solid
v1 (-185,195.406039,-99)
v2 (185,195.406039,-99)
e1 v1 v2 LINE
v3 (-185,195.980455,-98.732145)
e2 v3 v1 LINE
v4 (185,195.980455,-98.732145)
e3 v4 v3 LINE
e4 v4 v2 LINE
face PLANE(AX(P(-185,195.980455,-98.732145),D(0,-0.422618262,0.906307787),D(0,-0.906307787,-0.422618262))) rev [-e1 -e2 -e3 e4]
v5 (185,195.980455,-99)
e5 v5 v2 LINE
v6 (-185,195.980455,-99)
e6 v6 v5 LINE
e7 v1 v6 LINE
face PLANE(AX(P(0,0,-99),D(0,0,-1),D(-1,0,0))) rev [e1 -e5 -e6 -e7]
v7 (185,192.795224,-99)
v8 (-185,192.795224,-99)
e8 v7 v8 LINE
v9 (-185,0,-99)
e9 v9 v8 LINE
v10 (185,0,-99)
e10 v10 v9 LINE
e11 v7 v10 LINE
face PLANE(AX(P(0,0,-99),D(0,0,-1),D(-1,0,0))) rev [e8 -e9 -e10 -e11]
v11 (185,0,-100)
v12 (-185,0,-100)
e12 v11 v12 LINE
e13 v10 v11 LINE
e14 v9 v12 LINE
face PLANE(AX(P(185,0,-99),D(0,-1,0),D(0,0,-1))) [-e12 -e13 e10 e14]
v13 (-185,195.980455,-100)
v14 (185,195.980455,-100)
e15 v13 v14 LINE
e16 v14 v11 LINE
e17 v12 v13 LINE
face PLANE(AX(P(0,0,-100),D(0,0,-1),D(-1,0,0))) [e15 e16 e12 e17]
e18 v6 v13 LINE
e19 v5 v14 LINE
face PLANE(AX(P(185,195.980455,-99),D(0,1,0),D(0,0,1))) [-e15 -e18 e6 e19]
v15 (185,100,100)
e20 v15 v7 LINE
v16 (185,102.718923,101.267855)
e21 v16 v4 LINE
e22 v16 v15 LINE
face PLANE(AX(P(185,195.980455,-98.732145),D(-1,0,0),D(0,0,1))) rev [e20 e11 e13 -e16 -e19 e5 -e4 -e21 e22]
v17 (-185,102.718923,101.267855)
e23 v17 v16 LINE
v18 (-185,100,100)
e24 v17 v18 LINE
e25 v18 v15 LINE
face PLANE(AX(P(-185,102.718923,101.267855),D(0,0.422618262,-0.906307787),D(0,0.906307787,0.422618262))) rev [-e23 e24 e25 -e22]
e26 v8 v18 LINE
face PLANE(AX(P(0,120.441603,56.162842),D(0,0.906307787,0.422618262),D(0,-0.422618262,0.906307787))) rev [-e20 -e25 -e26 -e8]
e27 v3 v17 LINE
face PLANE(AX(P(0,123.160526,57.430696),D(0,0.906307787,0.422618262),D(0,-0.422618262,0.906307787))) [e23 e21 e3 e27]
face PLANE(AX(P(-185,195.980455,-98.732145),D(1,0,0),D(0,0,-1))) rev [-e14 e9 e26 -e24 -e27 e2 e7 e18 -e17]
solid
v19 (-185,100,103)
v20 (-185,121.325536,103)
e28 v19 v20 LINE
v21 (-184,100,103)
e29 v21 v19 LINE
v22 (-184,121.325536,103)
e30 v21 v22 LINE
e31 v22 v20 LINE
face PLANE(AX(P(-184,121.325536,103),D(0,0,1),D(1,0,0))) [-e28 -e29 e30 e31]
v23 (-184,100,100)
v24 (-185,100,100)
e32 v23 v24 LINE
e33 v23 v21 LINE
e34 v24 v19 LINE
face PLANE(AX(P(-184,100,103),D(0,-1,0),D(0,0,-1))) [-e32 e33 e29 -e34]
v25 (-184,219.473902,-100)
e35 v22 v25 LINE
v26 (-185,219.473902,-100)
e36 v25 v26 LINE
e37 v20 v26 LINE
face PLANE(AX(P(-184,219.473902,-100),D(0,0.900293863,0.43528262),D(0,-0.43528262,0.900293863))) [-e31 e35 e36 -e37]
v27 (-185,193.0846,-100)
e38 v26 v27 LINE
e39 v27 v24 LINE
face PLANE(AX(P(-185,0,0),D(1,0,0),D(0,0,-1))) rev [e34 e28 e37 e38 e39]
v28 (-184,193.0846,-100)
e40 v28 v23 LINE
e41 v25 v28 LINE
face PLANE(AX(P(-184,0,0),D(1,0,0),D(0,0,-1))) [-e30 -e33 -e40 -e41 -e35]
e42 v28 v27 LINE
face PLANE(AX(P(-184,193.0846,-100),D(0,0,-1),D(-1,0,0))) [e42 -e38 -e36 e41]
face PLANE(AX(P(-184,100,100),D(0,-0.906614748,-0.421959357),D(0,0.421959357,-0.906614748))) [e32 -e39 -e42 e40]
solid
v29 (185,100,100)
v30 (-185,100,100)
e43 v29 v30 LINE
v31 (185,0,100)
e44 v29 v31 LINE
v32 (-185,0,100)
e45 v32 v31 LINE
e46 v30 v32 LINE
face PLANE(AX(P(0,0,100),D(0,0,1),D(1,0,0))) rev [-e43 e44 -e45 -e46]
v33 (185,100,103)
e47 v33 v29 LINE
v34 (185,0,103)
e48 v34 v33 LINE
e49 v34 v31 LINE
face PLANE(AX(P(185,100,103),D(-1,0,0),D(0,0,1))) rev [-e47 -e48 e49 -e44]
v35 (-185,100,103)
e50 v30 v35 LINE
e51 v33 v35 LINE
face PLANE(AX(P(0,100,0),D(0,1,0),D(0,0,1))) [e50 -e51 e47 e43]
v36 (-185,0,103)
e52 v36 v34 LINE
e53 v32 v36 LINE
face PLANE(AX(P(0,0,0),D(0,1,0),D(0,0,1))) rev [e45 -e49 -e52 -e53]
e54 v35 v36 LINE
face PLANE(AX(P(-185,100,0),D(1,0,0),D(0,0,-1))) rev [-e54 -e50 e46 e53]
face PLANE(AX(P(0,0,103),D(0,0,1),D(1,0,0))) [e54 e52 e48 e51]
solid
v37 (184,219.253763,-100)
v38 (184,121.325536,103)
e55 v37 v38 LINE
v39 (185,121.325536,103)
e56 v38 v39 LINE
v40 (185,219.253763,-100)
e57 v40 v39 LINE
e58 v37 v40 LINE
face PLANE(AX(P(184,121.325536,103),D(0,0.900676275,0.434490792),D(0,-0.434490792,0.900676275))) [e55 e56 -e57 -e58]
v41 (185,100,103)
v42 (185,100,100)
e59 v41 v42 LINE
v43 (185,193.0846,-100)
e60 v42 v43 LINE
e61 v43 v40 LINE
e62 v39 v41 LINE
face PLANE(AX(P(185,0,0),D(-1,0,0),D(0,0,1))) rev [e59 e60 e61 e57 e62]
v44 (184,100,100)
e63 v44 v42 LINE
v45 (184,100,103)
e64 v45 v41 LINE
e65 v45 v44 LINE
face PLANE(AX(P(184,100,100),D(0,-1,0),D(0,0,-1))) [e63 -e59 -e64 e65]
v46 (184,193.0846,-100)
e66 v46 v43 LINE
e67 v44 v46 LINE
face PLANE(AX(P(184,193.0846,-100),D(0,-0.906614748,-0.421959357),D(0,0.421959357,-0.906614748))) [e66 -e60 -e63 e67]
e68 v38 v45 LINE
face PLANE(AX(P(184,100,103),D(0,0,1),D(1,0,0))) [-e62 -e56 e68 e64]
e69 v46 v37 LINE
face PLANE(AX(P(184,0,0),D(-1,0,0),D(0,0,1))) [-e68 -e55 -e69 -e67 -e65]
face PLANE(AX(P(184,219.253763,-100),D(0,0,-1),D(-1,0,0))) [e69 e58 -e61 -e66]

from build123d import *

# Parameters (mm, degrees)
SKETCH1_W             = 3
SKETCH1_H             = 200
BOSS_EXTRUDE1_DEPTH   = 100
BOSS_EXTRUDE1_2_DEPTH = 100
BOSS_EXTRUDE2_DEPTH   = 3
SKETCH3_W             = 370
SKETCH3_H             = 100
BOSS_EXTRUDE3_DEPTH   = 3
BOSS_EXTRUDE4_DEPTH   = 3
SKETCH5_W             = 370
SKETCH5_H             = 220.675583793
BOSS_EXTRUDE7_DEPTH   = 3
CUT_EXTRUDE2_DEPTH    = 371
SKETCH7_W             = 370
SKETCH7_H             = 195.980454992
BOSS_EXTRUDE8_DEPTH   = 1
BOSS_EXTRUDE10_DEPTH  = 1
BOSS_EXTRUDE12_DEPTH  = 1


with BuildPart() as part:
    # Sketch1 → Boss-Extrude1 (new body)
    with BuildSketch(Plane(origin=(0, 0, 0), x_dir=(1, 0, 0), z_dir=(0, 1, 0))):
        with Locations((-183.5, 0)):
            Rectangle(SKETCH1_W, SKETCH1_H)
    extrude(amount=BOSS_EXTRUDE1_DEPTH)



with BuildPart() as body_2:
    # Sketch1 → Boss-Extrude1 2 (new body)
    with BuildSketch(Plane(origin=(0, 0, 0), x_dir=(1, 0, 0), z_dir=(0, 1, 0))):
        with Locations((183.5, 0)):
            Rectangle(SKETCH1_W, SKETCH1_H)
    extrude(amount=BOSS_EXTRUDE1_2_DEPTH)

    # Sketch2 → Boss-Extrude2 (add)
    with BuildSketch(Plane(origin=(185, 0, 0), x_dir=(0, 0, -1), z_dir=(1, 0, 0))):
        Polygon((-100, 100), (100, 100), (100, 193.261531631), align=None)
    extrude(amount=-BOSS_EXTRUDE2_DEPTH)


with BuildPart() as part_1:
    add(part.part)

    add(body_2.part)  # Boss-Extrude3 merges body 2
    # Sketch3 → Boss-Extrude3 (add)
    with BuildSketch(Plane.XY.offset(100)):
        with Locations((0, 50)):
            Rectangle(SKETCH3_W, SKETCH3_H)
    extrude(amount=BOSS_EXTRUDE3_DEPTH)

    # Sketch4 → Boss-Extrude4 (add)
    with BuildSketch(Plane.ZY.offset(185)):
        Polygon((-100, 100), (-100, 193.261531631), (100, 100), align=None)
    extrude(amount=-BOSS_EXTRUDE4_DEPTH)

    # Sketch6 → Cut-Extrude2 (cut, through all)
    with BuildSketch(Plane(origin=(185, 0, 0), x_dir=(0, 0, -1), z_dir=(1, 0, 0))):
        Polygon((100, 193.261531631), (-100, 100), (-100, 0), (100, 0), align=None)
    extrude(amount=-CUT_EXTRUDE2_DEPTH, mode=Mode.SUBTRACT)


with BuildPart() as body_2_2:
    # Sketch5 → Boss-Extrude7 (new body)
    with BuildSketch(Plane(origin=(0, 120.44160264, 56.162841672), x_dir=(1, 0, 0), z_dir=(0, 0.906307787, 0.422618262))):
        with Locations((0, 61.968839367)):
            Rectangle(SKETCH5_W, SKETCH5_H)
    extrude(amount=BOSS_EXTRUDE7_DEPTH)

    # Sketch7 → Boss-Extrude8 (add)
    with BuildSketch(Plane(origin=(0, 0, -100), x_dir=(-1, 0, 0), z_dir=(0, 0, -1))):
        with Locations((0, 97.990227496)):
            Rectangle(SKETCH7_W, SKETCH7_H)
    extrude(amount=-BOSS_EXTRUDE8_DEPTH)


with BuildPart() as body_3:
    # Sketch8 → Boss-Extrude10 (new body)
    with BuildSketch(Plane(origin=(185, 0, 0), x_dir=(0, 0, -1), z_dir=(1, 0, 0))):
        Polygon((-103, 100), (-103, 121.325535705), (100, 219.253762877), (100, 193.084600163), (-100, 100), align=None)
    extrude(amount=-BOSS_EXTRUDE10_DEPTH)


with BuildPart() as body_4:
    # Sketch9 → Boss-Extrude12 (new body)
    with BuildSketch(Plane.ZY.offset(185)):
        Polygon((103, 100), (100, 100), (-100, 193.084600163), (-100, 219.473902), (103, 121.325535705), align=None)
    extrude(amount=-BOSS_EXTRUDE12_DEPTH)


solid = Compound([part_1.part, body_2_2.part, body_3.part, body_4.part])
